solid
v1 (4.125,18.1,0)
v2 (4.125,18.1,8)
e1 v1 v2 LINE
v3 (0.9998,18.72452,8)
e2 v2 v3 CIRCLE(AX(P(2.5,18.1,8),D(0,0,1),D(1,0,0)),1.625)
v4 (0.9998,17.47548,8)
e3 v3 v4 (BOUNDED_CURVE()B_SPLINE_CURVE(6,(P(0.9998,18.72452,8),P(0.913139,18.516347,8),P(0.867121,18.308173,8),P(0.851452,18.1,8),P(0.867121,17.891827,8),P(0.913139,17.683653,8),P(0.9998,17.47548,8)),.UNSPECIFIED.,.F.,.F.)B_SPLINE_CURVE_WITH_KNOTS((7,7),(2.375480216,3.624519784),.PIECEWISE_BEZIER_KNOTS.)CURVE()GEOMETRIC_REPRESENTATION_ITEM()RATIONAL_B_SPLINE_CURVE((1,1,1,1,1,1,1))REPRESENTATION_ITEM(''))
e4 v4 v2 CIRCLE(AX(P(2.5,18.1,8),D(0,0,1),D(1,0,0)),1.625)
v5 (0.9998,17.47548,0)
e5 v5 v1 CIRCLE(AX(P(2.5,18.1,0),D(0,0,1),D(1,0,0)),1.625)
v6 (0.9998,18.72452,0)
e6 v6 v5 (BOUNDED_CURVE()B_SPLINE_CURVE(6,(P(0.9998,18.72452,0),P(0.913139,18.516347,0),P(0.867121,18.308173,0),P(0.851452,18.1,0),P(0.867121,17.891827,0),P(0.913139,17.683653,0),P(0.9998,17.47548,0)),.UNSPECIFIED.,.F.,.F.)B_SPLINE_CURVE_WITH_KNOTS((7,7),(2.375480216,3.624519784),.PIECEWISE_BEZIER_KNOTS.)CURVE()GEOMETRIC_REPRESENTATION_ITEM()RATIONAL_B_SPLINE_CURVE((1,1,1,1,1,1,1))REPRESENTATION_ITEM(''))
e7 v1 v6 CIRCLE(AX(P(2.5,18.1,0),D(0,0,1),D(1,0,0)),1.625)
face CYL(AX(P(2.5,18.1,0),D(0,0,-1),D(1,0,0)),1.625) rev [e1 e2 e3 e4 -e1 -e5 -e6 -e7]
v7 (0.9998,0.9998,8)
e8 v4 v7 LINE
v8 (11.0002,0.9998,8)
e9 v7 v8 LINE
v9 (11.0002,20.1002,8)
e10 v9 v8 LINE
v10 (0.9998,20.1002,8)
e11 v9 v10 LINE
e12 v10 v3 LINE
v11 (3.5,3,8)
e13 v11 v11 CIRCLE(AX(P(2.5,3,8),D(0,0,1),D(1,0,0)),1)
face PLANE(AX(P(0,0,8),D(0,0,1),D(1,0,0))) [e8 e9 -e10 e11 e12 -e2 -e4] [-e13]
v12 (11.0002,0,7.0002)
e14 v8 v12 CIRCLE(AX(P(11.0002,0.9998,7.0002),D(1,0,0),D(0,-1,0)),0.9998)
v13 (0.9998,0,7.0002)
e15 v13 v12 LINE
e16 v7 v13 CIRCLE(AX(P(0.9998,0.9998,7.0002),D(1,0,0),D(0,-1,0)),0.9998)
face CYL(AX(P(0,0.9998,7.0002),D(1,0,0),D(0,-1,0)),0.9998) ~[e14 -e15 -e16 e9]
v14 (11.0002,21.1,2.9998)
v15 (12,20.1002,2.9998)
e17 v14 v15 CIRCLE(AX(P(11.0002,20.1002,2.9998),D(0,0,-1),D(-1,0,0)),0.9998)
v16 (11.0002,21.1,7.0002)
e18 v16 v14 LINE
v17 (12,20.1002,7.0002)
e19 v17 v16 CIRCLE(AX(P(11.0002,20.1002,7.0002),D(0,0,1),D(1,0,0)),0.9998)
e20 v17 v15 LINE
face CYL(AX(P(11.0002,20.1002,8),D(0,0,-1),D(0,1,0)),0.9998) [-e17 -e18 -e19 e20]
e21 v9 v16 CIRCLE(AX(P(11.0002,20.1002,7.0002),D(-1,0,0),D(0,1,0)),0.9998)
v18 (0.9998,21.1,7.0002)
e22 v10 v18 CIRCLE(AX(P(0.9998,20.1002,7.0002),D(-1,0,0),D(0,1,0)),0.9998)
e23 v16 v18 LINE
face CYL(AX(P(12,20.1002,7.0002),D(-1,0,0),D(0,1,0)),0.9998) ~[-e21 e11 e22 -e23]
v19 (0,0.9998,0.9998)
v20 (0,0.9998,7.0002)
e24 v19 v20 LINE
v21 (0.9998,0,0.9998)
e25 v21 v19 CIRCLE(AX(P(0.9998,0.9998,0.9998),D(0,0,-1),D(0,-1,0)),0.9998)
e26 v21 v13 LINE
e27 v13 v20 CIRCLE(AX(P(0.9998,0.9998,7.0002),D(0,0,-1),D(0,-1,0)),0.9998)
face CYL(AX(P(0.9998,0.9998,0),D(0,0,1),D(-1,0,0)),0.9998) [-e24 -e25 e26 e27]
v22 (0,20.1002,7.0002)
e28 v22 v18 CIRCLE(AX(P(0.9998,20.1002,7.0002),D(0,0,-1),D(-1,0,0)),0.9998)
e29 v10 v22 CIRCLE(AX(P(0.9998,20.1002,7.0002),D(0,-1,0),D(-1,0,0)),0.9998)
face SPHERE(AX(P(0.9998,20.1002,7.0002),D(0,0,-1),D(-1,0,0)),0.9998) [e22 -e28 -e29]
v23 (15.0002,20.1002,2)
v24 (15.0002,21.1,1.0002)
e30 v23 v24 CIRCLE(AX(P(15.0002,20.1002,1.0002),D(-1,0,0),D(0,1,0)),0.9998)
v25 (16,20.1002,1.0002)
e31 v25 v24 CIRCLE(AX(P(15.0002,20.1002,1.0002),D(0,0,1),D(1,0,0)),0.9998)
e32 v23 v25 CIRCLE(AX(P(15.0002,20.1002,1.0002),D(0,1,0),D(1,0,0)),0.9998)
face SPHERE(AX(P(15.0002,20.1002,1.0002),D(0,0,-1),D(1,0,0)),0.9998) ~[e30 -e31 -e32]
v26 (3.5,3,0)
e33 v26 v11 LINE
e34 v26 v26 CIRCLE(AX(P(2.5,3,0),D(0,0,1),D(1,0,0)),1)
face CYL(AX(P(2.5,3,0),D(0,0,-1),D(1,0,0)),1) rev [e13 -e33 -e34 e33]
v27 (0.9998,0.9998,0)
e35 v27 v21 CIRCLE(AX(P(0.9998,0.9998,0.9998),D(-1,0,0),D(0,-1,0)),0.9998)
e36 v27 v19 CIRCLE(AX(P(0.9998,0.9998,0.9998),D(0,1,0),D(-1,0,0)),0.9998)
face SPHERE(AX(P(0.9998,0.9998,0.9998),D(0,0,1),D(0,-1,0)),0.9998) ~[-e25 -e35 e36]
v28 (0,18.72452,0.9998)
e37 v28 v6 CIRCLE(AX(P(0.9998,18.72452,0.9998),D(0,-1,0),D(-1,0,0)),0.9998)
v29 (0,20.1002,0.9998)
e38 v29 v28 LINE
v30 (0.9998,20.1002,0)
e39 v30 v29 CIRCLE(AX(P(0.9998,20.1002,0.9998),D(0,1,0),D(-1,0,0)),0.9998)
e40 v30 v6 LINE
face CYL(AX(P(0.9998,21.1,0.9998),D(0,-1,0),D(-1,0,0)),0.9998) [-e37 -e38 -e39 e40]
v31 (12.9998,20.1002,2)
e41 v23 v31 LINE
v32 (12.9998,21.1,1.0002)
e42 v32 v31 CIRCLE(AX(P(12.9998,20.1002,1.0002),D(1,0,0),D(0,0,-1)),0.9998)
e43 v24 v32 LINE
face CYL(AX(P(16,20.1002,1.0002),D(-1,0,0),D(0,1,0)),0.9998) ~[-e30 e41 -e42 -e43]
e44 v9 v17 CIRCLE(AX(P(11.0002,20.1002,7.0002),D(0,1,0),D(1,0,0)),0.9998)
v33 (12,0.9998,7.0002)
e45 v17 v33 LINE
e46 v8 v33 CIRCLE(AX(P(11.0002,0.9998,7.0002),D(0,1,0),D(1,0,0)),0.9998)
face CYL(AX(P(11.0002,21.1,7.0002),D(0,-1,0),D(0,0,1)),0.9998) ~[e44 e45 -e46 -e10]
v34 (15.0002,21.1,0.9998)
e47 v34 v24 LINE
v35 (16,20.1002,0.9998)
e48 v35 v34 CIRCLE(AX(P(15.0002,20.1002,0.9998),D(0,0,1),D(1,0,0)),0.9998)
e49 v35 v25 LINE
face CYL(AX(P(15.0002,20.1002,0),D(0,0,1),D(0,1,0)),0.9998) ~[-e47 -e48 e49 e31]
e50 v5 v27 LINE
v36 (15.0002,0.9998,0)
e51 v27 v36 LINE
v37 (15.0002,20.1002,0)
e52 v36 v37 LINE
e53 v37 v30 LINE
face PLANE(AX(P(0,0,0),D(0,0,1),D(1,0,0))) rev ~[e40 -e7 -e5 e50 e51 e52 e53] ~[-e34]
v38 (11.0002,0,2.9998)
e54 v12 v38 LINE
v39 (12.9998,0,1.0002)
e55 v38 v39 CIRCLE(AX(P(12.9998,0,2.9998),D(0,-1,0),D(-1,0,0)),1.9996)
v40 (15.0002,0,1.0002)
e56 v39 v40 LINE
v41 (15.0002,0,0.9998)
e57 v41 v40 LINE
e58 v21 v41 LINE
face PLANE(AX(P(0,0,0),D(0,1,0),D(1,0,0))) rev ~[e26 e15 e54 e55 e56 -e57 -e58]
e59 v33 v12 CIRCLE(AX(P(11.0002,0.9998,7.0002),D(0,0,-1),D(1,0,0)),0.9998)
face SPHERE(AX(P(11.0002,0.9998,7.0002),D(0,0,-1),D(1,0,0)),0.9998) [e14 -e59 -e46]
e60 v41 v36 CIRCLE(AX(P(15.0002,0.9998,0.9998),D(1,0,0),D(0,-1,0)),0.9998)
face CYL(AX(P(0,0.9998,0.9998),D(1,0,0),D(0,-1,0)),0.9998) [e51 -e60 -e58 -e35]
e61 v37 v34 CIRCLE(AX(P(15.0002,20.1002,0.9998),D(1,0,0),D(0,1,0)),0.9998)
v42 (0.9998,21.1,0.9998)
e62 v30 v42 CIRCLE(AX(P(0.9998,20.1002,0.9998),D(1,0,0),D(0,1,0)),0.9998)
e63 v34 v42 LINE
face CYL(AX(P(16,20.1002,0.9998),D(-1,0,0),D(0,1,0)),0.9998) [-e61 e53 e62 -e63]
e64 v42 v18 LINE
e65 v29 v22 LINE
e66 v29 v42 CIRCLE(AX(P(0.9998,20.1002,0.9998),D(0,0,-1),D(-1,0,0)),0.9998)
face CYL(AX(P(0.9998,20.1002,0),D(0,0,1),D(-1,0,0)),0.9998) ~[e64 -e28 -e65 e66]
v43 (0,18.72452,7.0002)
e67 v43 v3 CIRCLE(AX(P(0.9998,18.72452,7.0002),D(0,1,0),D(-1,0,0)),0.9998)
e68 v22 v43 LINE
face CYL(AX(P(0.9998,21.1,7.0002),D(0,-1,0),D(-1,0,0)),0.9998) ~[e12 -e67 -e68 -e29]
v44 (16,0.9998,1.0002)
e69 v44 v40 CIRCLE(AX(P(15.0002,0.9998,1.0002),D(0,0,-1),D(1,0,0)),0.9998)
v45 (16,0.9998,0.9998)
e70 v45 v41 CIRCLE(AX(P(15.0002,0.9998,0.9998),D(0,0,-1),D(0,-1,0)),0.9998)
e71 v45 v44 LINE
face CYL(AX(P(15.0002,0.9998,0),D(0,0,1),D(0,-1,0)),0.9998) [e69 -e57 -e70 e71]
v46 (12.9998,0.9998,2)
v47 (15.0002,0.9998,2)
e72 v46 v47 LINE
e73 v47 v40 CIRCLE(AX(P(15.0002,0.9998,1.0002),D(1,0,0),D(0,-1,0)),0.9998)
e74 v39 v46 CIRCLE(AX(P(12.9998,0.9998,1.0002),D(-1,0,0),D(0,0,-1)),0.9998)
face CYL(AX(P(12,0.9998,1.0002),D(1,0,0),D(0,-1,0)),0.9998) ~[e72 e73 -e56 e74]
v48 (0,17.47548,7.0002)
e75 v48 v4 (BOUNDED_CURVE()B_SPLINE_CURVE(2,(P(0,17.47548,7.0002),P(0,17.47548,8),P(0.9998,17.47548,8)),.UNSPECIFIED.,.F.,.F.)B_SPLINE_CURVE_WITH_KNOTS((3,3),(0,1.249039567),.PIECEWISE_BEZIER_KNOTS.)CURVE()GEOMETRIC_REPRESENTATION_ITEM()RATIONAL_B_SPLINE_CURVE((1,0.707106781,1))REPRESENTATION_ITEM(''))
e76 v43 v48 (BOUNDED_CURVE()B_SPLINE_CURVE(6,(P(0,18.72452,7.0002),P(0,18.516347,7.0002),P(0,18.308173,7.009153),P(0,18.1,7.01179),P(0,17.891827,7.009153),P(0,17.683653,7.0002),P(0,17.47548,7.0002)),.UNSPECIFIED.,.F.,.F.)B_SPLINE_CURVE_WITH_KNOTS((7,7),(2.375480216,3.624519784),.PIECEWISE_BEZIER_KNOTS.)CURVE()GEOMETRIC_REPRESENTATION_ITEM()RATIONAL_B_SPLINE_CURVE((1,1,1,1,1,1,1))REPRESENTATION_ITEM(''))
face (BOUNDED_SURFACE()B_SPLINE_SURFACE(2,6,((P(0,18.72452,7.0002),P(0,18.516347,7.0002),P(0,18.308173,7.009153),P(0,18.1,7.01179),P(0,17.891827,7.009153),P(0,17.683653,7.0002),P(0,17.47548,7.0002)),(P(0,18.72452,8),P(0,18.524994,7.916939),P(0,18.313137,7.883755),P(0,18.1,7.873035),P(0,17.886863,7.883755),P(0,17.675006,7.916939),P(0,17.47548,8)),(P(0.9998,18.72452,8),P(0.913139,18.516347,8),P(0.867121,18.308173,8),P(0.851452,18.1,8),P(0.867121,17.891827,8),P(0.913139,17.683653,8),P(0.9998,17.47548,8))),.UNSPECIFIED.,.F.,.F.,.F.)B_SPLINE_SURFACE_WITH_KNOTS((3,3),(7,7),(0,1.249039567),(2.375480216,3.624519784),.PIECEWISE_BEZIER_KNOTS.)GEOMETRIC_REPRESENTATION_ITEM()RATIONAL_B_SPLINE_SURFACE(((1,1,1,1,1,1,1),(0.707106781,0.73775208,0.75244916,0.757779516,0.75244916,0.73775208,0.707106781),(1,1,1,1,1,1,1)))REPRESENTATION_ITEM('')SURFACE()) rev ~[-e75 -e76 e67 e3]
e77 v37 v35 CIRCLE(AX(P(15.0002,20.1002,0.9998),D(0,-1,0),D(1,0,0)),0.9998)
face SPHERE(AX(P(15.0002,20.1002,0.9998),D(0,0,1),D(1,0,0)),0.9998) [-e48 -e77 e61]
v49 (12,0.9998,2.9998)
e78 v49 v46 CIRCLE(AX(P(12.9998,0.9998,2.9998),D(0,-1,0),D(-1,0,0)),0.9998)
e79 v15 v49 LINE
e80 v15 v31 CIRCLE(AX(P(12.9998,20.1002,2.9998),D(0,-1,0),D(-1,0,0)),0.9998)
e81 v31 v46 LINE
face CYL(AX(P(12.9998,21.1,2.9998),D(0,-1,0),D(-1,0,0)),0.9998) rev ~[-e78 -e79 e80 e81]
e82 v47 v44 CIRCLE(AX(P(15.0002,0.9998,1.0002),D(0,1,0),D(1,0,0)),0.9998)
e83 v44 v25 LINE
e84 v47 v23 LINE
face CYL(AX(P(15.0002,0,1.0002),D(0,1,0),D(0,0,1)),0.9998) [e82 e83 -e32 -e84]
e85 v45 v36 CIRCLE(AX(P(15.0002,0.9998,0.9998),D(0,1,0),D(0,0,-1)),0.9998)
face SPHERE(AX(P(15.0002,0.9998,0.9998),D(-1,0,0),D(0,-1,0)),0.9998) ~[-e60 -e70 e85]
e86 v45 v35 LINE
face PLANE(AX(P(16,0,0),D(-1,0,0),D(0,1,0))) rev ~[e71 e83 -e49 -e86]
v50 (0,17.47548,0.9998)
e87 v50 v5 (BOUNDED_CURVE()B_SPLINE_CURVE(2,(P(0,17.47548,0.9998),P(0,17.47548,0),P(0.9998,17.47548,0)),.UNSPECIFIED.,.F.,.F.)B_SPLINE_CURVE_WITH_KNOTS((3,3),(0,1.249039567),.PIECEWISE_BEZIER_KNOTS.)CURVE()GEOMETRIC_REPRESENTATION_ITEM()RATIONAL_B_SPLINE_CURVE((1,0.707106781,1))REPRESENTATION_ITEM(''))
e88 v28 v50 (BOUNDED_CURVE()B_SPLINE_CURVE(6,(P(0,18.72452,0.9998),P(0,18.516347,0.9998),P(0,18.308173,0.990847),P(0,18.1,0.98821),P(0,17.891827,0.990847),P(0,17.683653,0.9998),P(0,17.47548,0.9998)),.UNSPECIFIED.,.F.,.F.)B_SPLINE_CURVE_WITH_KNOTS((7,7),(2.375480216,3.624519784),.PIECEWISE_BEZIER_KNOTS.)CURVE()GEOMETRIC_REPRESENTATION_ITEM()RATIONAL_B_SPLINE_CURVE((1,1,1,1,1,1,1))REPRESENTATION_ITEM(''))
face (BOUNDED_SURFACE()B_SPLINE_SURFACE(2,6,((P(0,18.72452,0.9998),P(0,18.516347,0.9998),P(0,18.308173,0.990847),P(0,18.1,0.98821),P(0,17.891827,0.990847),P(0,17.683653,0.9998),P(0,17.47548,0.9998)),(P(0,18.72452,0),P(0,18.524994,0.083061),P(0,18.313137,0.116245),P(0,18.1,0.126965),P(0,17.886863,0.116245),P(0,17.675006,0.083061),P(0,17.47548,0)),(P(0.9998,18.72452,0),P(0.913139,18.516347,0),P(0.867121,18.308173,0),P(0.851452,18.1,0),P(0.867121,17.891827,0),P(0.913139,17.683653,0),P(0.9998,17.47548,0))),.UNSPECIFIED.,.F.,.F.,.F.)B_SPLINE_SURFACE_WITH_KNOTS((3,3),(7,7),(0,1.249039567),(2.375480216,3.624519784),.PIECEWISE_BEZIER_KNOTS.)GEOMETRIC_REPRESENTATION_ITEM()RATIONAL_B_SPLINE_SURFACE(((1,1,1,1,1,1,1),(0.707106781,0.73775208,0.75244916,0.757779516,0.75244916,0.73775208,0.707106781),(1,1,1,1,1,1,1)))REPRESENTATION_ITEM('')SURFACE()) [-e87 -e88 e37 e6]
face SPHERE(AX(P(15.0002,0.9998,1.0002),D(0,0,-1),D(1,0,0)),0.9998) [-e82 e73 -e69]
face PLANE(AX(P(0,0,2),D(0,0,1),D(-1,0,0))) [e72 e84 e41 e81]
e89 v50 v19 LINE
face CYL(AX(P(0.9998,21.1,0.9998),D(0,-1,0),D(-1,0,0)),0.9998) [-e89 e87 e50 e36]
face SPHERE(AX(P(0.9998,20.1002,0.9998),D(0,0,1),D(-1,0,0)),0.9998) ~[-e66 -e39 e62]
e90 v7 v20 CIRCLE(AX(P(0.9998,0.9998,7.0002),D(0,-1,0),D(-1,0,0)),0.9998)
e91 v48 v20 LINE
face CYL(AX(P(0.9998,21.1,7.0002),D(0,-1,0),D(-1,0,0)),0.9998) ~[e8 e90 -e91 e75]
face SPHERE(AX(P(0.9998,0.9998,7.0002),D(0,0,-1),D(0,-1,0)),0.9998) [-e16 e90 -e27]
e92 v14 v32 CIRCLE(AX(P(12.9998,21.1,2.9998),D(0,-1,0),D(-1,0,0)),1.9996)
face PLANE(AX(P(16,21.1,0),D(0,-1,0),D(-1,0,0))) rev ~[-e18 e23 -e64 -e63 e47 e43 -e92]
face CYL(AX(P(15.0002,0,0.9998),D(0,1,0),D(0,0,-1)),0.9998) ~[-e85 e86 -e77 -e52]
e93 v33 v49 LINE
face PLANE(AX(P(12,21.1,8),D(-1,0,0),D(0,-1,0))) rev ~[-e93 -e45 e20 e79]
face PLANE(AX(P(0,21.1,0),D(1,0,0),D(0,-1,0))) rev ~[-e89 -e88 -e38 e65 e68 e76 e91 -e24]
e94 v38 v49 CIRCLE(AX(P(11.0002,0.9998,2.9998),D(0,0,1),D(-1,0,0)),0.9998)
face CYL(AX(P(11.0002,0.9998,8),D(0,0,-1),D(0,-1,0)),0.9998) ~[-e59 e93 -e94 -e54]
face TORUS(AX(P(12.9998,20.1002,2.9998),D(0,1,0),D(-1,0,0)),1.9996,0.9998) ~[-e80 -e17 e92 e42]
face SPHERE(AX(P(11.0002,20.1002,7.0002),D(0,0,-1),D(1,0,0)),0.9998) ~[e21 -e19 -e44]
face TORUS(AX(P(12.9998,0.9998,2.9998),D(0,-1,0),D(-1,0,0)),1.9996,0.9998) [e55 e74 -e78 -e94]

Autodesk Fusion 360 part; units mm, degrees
sketch "Main Body" plane through (0, 0, 0) normal (0, 0, 1) x (1, 0, 0)
  line L0 (0, 0) -> (16, 0)
  line L1 (16, 0) -> (16, 21.1)
  line L2 (16, 21.1) -> (0, 21.1)
  line L3 (0, 21.1) -> (0, 0)
  circle A0 centre (2.5, 18.1) radius 1.625
  line L4 (0, 10.55) -> (16, 10.55) construction
  circle A1 centre (2.5, 3) radius 1
  dimension "d1" = 16
  dimension "d2" = 21.1
  dimension "d3" = 3.25
  dimension "d4" = 3
  dimension "d5" = 2.5
  dimension "d6" = 10.55
  dimension "d11" = 2
  dimension "d12" = 2.5
  dimension "d13" = 3
extrude "Extrude1" add sketch "Main Body" along normal blind 8
sketch "step_cut" plane through (0, 0, 8) normal (0, 0, 1) x (-1, 0, 0)
  circle A0 centre (-2.5, -3) radius 1
  circle A1 centre (-2.5, -18.1) radius 1.625
  line L0 (0, -21.1) -> (0, 0)
  line L1 (0, 0) -> (-16, 0)
  line L2 (-16, 0) -> (-16, -21.1)
  line L3 (-16, -21.1) -> (0, -21.1)
  line L4 (-16, -21.1) -> (-12, -21.1)
  line L5 (-12, -21.1) -> (-12, 0)
  line L6 (-12, 0) -> (-16, 0)
  line L7 (-16, 0) -> (-16, -21.1)
extrude "Extrude2" cut sketch "step_cut" against normal blind 6 contours L1 L2 L3 L4 L5 L6 L7
fillet "Fillet1" radius 1 13 edges at (12, 10.55, 2) (12, 0, 5) (12, 21.1, 5) (0, 0, 4) (8, 0, 0) (16, 0, 1) (16, 21.1, 1) (16, 10.55, 0) (16, 10.55, 2) (14, 0, 2) (14, 21.1, 2) (12, 10.55, 8) (6, 0, 8) 2 faces at (0, 14.0667, 2.6667) (4, 21.1, 3.3333)
